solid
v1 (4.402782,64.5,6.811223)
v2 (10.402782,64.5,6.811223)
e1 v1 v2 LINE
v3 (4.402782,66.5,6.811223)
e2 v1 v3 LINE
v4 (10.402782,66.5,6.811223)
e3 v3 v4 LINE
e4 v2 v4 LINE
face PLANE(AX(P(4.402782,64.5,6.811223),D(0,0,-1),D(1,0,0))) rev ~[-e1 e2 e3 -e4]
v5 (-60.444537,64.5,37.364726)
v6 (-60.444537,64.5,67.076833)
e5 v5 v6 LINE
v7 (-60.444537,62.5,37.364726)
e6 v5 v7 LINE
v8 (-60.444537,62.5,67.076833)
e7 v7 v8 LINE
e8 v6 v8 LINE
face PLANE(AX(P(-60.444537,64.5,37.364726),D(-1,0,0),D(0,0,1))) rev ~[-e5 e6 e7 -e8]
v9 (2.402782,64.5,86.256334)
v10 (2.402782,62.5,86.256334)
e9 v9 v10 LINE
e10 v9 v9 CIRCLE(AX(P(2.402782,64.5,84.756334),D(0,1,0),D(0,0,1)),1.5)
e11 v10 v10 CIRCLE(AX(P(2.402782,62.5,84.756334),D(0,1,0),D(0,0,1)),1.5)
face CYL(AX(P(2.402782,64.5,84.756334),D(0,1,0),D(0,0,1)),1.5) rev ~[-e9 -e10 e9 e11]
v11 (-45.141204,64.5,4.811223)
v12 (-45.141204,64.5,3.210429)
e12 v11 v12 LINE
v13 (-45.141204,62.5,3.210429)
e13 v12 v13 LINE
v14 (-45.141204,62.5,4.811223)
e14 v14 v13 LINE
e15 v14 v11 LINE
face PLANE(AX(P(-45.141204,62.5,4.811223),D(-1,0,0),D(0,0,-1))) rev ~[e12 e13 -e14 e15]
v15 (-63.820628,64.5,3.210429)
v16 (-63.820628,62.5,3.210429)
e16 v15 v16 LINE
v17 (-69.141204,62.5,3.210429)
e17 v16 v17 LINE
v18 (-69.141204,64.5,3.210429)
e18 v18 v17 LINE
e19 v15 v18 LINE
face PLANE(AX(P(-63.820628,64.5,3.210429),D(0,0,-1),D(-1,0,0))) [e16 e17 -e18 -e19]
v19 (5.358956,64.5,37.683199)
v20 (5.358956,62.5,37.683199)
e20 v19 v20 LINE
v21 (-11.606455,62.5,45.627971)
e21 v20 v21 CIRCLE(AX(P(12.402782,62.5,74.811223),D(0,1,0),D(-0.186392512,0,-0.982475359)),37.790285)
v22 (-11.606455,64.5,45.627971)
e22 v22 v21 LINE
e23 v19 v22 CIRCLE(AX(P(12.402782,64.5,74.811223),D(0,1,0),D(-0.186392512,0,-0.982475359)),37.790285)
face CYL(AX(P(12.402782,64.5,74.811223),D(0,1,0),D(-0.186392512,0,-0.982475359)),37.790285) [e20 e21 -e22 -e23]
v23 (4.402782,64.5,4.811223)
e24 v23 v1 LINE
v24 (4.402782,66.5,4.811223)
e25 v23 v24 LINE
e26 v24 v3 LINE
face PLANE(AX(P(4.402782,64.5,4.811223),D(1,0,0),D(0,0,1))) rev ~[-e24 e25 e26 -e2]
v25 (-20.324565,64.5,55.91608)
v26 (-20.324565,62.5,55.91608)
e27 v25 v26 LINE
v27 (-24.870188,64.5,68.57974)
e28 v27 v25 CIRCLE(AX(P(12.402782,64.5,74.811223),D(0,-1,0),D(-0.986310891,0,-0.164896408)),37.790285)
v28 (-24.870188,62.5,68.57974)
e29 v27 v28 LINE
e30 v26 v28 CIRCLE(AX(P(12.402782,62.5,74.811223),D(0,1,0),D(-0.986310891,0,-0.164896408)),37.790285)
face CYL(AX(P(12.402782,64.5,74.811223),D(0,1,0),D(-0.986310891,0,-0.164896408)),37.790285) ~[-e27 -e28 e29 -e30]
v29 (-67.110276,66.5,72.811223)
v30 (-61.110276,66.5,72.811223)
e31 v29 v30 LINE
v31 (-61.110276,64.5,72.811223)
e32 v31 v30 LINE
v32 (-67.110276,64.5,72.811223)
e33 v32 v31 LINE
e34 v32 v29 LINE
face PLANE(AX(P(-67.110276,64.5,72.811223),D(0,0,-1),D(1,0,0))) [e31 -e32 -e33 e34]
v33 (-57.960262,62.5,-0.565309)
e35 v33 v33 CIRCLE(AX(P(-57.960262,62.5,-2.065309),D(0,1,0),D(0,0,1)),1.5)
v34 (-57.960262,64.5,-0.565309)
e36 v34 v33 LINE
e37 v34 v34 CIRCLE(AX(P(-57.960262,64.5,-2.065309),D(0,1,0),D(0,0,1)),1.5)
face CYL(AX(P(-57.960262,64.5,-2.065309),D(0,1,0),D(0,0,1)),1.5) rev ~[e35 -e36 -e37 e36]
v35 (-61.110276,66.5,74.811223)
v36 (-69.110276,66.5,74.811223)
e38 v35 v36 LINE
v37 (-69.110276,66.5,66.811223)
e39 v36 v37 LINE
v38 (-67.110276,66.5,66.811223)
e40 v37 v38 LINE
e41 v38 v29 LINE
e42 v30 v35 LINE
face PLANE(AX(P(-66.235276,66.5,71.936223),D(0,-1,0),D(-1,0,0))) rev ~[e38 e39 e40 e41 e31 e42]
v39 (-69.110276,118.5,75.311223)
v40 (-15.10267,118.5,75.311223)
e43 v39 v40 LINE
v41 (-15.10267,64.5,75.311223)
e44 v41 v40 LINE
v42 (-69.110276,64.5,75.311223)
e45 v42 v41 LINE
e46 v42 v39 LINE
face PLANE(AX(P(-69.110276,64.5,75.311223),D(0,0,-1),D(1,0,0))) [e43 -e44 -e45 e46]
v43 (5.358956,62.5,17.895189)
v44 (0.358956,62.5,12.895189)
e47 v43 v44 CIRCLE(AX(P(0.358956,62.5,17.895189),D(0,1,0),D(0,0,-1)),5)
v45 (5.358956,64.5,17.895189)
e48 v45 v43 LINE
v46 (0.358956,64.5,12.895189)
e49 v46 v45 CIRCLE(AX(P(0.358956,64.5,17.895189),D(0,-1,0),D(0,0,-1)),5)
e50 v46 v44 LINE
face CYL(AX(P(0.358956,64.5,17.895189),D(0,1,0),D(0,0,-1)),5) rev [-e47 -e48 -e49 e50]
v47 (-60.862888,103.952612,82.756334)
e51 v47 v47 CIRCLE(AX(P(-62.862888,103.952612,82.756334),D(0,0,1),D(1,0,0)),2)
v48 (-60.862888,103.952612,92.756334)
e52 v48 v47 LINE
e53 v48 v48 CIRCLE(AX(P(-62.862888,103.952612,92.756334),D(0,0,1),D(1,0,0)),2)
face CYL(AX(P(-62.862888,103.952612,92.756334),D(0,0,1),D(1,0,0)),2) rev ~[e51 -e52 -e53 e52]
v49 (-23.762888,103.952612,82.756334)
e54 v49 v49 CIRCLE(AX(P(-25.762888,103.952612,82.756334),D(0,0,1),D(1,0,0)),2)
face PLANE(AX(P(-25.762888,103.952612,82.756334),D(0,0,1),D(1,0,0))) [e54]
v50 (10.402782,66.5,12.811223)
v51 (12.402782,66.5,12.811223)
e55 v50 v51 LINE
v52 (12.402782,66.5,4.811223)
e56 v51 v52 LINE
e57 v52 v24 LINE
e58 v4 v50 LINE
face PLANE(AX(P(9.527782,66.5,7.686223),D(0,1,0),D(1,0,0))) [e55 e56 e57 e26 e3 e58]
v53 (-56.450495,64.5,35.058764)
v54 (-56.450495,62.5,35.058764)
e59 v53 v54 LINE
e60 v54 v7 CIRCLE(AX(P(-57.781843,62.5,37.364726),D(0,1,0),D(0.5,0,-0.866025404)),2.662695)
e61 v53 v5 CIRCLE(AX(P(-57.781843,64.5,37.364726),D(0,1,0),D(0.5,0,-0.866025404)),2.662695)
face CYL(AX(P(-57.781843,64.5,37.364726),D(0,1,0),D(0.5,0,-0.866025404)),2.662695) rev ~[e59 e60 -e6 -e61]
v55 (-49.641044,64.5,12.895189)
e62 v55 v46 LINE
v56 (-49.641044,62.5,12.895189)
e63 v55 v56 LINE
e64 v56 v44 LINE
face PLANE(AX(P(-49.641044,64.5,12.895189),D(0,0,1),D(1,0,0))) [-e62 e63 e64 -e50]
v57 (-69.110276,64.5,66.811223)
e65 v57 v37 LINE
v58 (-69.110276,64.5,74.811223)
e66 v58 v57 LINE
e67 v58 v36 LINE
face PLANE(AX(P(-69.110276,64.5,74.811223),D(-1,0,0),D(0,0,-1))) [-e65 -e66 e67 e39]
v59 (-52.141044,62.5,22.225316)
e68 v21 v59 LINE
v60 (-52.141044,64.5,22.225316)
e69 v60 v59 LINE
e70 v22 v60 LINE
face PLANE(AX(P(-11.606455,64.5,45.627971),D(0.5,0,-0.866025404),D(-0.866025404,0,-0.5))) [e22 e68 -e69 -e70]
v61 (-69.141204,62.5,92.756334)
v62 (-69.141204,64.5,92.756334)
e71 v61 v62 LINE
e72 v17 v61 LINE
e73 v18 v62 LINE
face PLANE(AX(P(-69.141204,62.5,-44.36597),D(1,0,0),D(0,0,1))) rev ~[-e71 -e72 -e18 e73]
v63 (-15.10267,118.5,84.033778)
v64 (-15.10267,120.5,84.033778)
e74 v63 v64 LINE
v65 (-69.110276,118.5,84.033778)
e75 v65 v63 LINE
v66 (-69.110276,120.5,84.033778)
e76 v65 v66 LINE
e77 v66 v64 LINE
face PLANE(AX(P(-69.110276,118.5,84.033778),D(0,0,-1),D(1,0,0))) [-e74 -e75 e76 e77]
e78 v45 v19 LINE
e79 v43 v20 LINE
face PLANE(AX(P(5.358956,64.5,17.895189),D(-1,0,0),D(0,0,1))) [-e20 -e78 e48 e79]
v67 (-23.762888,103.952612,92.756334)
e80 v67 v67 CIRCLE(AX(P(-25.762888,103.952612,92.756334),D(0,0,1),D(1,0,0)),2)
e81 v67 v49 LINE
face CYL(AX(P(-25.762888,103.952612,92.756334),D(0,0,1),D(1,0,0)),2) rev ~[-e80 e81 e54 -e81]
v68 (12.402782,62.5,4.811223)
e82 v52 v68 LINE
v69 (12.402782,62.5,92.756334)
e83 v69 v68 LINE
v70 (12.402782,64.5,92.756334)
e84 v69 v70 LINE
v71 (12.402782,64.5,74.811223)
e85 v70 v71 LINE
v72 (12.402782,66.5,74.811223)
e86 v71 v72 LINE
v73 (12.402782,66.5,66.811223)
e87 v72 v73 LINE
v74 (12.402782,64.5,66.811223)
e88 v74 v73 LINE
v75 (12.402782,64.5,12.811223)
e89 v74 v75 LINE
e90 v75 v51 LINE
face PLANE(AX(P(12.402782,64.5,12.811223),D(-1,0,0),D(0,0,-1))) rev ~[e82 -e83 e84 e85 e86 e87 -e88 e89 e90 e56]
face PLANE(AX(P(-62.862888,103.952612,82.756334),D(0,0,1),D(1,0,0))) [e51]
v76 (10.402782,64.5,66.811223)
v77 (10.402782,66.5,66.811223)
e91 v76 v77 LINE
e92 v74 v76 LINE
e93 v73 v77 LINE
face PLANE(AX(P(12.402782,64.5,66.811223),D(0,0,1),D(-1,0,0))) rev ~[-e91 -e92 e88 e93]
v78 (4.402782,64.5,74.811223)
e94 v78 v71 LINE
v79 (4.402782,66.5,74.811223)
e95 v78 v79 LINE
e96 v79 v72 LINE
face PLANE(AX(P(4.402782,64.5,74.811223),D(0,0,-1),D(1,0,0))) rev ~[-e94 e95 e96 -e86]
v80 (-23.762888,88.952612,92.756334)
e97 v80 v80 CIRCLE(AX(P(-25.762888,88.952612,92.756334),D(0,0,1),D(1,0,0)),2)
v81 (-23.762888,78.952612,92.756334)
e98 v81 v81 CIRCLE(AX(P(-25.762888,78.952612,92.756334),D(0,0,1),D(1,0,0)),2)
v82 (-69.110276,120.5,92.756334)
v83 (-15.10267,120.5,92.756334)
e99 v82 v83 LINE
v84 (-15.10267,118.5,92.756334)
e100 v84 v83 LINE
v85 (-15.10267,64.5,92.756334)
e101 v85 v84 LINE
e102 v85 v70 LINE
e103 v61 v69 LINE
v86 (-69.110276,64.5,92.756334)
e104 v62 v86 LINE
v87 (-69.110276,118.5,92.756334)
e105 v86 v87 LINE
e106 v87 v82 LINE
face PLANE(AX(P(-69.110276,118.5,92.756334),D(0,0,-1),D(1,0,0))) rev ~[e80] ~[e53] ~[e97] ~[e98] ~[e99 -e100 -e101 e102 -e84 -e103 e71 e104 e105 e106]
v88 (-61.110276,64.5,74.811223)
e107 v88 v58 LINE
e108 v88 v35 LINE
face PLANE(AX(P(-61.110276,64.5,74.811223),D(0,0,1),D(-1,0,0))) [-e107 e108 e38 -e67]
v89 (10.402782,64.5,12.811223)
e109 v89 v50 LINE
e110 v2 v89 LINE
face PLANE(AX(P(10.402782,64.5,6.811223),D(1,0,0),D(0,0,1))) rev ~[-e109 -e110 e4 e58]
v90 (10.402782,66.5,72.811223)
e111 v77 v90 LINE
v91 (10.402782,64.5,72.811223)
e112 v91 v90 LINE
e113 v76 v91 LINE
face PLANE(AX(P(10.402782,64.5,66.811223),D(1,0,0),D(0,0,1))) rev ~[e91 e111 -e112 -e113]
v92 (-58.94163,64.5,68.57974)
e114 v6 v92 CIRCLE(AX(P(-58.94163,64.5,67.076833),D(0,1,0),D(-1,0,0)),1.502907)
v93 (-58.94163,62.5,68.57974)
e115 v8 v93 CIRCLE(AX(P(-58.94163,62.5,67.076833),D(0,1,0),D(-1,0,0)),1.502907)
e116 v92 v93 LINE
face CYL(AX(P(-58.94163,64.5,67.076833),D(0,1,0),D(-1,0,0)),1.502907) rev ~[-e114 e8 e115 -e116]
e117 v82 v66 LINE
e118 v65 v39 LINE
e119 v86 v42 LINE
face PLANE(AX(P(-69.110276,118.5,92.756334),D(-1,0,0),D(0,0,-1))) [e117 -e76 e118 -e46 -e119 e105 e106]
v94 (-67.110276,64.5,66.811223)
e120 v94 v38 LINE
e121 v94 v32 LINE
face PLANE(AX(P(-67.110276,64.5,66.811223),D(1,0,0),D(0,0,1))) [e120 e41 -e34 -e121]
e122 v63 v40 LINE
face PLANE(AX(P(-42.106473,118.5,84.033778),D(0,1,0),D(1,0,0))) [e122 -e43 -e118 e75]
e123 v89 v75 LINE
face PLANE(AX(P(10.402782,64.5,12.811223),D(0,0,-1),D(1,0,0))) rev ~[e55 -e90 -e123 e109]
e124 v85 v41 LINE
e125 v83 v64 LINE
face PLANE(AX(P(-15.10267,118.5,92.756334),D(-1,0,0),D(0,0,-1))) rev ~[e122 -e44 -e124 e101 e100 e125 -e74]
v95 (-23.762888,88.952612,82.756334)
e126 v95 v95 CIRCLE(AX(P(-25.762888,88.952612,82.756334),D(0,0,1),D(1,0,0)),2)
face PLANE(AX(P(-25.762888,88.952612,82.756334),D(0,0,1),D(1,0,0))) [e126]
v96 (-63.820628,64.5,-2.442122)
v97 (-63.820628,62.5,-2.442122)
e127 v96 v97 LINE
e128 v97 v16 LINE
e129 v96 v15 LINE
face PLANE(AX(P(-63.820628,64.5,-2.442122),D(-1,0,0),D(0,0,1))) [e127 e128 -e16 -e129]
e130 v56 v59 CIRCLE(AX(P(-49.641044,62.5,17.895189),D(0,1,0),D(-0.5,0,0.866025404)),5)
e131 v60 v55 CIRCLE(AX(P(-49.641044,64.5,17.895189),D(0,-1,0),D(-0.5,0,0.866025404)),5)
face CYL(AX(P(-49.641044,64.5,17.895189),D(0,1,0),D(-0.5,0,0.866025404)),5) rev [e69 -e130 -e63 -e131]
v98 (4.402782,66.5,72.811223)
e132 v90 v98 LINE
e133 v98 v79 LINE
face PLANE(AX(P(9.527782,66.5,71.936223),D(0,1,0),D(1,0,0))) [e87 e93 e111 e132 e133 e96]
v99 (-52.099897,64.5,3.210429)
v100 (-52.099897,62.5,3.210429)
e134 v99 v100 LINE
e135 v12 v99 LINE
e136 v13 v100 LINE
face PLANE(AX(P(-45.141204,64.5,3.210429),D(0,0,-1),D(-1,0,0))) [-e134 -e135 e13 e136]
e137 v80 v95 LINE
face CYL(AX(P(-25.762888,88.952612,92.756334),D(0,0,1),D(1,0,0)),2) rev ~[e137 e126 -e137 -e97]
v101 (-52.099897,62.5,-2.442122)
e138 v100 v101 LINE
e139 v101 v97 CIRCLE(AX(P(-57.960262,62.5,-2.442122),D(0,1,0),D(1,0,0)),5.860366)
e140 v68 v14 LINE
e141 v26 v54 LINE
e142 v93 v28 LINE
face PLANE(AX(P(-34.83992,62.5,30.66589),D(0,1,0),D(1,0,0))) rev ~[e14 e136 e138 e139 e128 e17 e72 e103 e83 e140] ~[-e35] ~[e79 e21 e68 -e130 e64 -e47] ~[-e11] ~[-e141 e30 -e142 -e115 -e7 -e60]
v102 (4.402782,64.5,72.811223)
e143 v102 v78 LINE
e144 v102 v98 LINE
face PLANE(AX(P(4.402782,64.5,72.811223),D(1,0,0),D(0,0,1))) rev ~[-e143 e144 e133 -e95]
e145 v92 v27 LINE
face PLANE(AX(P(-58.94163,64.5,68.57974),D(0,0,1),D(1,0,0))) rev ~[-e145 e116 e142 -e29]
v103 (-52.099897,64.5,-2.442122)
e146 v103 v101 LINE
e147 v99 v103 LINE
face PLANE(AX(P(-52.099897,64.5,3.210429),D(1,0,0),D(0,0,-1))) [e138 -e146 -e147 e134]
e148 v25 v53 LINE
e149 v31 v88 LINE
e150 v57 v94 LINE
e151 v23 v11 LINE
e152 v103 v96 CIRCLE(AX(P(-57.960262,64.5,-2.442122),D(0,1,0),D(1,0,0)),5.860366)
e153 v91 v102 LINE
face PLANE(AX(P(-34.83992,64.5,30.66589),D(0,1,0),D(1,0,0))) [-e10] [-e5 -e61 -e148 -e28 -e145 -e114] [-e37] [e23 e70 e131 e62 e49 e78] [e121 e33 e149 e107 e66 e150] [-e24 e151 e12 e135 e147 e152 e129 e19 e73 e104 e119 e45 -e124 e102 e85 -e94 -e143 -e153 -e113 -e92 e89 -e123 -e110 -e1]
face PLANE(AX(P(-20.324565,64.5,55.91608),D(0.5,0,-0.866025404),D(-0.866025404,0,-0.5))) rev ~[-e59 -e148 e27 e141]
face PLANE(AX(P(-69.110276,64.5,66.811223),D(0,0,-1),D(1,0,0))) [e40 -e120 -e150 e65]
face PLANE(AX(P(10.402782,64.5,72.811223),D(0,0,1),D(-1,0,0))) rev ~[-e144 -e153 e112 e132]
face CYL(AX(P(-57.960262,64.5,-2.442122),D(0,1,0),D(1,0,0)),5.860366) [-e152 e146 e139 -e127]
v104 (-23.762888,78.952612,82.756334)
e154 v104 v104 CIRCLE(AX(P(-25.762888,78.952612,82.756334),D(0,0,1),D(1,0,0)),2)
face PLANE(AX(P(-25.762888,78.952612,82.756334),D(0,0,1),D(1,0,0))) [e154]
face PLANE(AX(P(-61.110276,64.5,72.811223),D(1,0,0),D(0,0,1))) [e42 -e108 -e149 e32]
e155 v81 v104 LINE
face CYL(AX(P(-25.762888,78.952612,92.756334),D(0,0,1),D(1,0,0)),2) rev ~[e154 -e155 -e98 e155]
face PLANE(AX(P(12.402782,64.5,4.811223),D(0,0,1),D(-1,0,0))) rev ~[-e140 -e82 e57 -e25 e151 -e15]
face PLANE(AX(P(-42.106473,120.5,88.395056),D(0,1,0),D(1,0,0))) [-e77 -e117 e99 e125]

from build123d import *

# Parameters (mm, degrees)
EXTRUDE_1_DEPTH     = 2
EXTRUDE_2_DEPTH     = 2
SKETCH_3_W          = 54.00760584
SKETCH_3_H          = 17.445111018
EXTRUDE_4_DEPTH     = 54
SKETCH_4_W          = 54.00760584
SKETCH_4_H          = 8.722555509
EXTRUDE_5_DEPTH     = 2
CUT_EXTRUDE_1_DEPTH = 2
SKETCH_6_R          = 1.5
CUT_EXTRUDE_2_DEPTH = 2
SKETCH_7_R          = 1.5
CUT_EXTRUDE_3_DEPTH = 2
SKETCH_8_R          = 2
CUT_EXTRUDE_4_DEPTH = 10
SKETCH_9_R          = 2
CUT_EXTRUDE_5_DEPTH = 10
CUT_EXTRUDE_6_DEPTH = 10


with BuildPart() as part:
    # 草图1 → 凸台-拉伸1 (new body)
    with BuildSketch(Plane(origin=(0, 62.5, 0), x_dir=(1, 0, 0), z_dir=(0, 1, 0))):
        Polygon((12.40278244, -4.811222629), (-45.141204286, -4.811222629), (-45.141204286, 44.365970357), (-69.141204286, 44.365970357), (-69.141204286, -4.811222629), (-69.141204286, -92.756333647), (12.40278244, -92.756333647), align=None)
    extrude(amount=EXTRUDE_1_DEPTH)

    # 草图2 → 凸台-拉伸2 (add)
    with BuildSketch(Plane(origin=(0, 64.5, 0), x_dir=(1, 0, 0), z_dir=(0, 1, 0))):
        Polygon((12.40278244, -4.811222629), (4.40278244, -4.811222629), (4.40278244, -6.811222629), (10.40278244, -6.811222629), (10.40278244, -12.811222629), (12.40278244, -12.811222629), align=None)
        Polygon((12.40278244, -66.811222629), (10.40278244, -66.811222629), (10.40278244, -72.811222629), (4.40278244, -72.811222629), (4.40278244, -74.811222629), (12.40278244, -74.811222629), align=None)
        Polygon((-69.110275928, -74.811222629), (-69.110275928, -66.811222629), (-67.110275928, -66.811222629), (-67.110275928, -72.811222629), (-61.110275928, -72.811222629), (-61.110275928, -74.811222629), align=None)
    extrude(amount=EXTRUDE_2_DEPTH)

    # 草图3 → 凸台-拉伸4 (add)
    with BuildSketch(Plane(origin=(0, 64.5, 0), x_dir=(1, 0, 0), z_dir=(0, 1, 0))):
        with Locations((-42.106473008, -84.033778138)):
            Rectangle(SKETCH_3_W, SKETCH_3_H)
    extrude(amount=EXTRUDE_4_DEPTH)

    # 草图4 → 凸台-拉伸5 (add)
    with BuildSketch(Plane(origin=(0, 118.5, 0), x_dir=(1, 0, 0), z_dir=(0, 1, 0))):
        with Locations((-42.106473008, -88.395055893)):
            Rectangle(SKETCH_4_W, SKETCH_4_H)
    extrude(amount=EXTRUDE_5_DEPTH)

    # 草图5 → 切除-拉伸1 (cut)
    with BuildSketch(Plane(origin=(0, 64.5, 0), x_dir=(1, 0, 0), z_dir=(0, 1, 0))):
        with BuildLine():
            Line((-69.141204286, 44.365970357), (-45.141204286, 44.365970357))
            Line((-45.141204286, 44.365970357), (-45.141204286, 12.939643007))
            Line((-45.141204286, 12.939643007), (-45.141204286, -3.210429493))
            Line((-45.141204286, -3.210429493), (-52.09989667, -3.210429493))
            Line((-52.09989667, -3.210429493), (-52.09989667, 2.442121652))
            ThreePointArc((-52.09989667, 2.442121652), (-57.960262195, 8.302487177), (-63.820627721, 2.442121652))
            Line((-63.820627721, 2.442121652), (-63.820627721, -3.210429493))
            Line((-63.820627721, -3.210429493), (-69.141204286, -3.210429493))
            Line((-69.141204286, -3.210429493), (-69.141204286, 12.939643007))
            Line((-69.141204286, 12.939643007), (-69.141204286, 44.365970357))
        make_face()
    extrude(amount=-CUT_EXTRUDE_1_DEPTH, mode=Mode.SUBTRACT)

    # 草图6 → 切除-拉伸2 (cut)
    with BuildSketch(Plane(origin=(0, 64.5, 0), x_dir=(1, 0, 0), z_dir=(0, 1, 0))):
        with Locations(Location((-57.960262195, 2.065309301, 0), (0, 0, 270))):
            Circle(SKETCH_6_R)
    extrude(amount=-CUT_EXTRUDE_2_DEPTH, mode=Mode.SUBTRACT)

    # 草图7 → 切除-拉伸3 (cut)
    with BuildSketch(Plane(origin=(0, 64.5, 0), x_dir=(1, 0, 0), z_dir=(0, 1, 0))):
        with Locations(Location((2.40278244, -84.756333647, 0), (0, 0, 270))):
            Circle(SKETCH_7_R)
    extrude(amount=-CUT_EXTRUDE_3_DEPTH, mode=Mode.SUBTRACT)

    # 草图8 → 切除-拉伸4 (cut)
    with BuildSketch(Plane.XY.offset(92.756333647)):
        with Locations((-62.862887917, 103.952611989)):
            Circle(SKETCH_8_R)
        with Locations((-25.762887917, 103.952611989)):
            Circle(SKETCH_8_R)
    extrude(amount=-CUT_EXTRUDE_4_DEPTH, mode=Mode.SUBTRACT)

    # 草图9 → 切除-拉伸5 (cut)
    with BuildSketch(Plane.XY.offset(92.756333647)):
        with Locations((-25.762887917, 78.952611989)):
            Circle(SKETCH_9_R)
        with Locations((-25.762887917, 88.952611989)):
            Circle(SKETCH_9_R)
    extrude(amount=-CUT_EXTRUDE_5_DEPTH, mode=Mode.SUBTRACT)

    # 草图10 → 切除-拉伸6 (cut)
    with BuildSketch(Plane(origin=(0, 64.5, 0), x_dir=(1, 0, 0), z_dir=(0, 1, 0))):
        with BuildLine():
            Line((-49.641043763, -12.895188862), (0.358956237, -12.895188862))
            ThreePointArc((0.358956237, -12.895188862), (3.894490143, -14.359654957), (5.358956237, -17.895188862))
            Line((5.358956237, -17.895188862), (5.358956237, -37.683198524))
            ThreePointArc((5.358956237, -37.683198524), (-3.623853253, -40.587654582), (-11.606455481, -45.627971337))
            Line((-11.606455481, -45.627971337), (-52.141043763, -22.225315881))
            ThreePointArc((-52.141043763, -22.225315881), (-54.470672894, -16.601093637), (-49.641043763, -12.895188862))
        make_face()
        with BuildLine():
            Line((-20.324564628, -55.916079989), (-56.450495194, -35.058764253))
            ThreePointArc((-56.450495194, -35.058764253), (-59.11319003, -35.058764253), (-60.444537448, -37.364725623))
            Line((-60.444537448, -37.364725623), (-60.444537448, -67.07683336))
            ThreePointArc((-60.444537448, -67.07683336), (-60.004346188, -68.139549071), (-58.941630477, -68.579740332))
            Line((-58.941630477, -68.579740332), (-24.870187523, -68.579740332))
            ThreePointArc((-24.870187523, -68.579740332), (-23.165506378, -62.043979698), (-20.324564628, -55.916079989))
        make_face()
    extrude(amount=-CUT_EXTRUDE_6_DEPTH, mode=Mode.SUBTRACT)


solid = part.part
